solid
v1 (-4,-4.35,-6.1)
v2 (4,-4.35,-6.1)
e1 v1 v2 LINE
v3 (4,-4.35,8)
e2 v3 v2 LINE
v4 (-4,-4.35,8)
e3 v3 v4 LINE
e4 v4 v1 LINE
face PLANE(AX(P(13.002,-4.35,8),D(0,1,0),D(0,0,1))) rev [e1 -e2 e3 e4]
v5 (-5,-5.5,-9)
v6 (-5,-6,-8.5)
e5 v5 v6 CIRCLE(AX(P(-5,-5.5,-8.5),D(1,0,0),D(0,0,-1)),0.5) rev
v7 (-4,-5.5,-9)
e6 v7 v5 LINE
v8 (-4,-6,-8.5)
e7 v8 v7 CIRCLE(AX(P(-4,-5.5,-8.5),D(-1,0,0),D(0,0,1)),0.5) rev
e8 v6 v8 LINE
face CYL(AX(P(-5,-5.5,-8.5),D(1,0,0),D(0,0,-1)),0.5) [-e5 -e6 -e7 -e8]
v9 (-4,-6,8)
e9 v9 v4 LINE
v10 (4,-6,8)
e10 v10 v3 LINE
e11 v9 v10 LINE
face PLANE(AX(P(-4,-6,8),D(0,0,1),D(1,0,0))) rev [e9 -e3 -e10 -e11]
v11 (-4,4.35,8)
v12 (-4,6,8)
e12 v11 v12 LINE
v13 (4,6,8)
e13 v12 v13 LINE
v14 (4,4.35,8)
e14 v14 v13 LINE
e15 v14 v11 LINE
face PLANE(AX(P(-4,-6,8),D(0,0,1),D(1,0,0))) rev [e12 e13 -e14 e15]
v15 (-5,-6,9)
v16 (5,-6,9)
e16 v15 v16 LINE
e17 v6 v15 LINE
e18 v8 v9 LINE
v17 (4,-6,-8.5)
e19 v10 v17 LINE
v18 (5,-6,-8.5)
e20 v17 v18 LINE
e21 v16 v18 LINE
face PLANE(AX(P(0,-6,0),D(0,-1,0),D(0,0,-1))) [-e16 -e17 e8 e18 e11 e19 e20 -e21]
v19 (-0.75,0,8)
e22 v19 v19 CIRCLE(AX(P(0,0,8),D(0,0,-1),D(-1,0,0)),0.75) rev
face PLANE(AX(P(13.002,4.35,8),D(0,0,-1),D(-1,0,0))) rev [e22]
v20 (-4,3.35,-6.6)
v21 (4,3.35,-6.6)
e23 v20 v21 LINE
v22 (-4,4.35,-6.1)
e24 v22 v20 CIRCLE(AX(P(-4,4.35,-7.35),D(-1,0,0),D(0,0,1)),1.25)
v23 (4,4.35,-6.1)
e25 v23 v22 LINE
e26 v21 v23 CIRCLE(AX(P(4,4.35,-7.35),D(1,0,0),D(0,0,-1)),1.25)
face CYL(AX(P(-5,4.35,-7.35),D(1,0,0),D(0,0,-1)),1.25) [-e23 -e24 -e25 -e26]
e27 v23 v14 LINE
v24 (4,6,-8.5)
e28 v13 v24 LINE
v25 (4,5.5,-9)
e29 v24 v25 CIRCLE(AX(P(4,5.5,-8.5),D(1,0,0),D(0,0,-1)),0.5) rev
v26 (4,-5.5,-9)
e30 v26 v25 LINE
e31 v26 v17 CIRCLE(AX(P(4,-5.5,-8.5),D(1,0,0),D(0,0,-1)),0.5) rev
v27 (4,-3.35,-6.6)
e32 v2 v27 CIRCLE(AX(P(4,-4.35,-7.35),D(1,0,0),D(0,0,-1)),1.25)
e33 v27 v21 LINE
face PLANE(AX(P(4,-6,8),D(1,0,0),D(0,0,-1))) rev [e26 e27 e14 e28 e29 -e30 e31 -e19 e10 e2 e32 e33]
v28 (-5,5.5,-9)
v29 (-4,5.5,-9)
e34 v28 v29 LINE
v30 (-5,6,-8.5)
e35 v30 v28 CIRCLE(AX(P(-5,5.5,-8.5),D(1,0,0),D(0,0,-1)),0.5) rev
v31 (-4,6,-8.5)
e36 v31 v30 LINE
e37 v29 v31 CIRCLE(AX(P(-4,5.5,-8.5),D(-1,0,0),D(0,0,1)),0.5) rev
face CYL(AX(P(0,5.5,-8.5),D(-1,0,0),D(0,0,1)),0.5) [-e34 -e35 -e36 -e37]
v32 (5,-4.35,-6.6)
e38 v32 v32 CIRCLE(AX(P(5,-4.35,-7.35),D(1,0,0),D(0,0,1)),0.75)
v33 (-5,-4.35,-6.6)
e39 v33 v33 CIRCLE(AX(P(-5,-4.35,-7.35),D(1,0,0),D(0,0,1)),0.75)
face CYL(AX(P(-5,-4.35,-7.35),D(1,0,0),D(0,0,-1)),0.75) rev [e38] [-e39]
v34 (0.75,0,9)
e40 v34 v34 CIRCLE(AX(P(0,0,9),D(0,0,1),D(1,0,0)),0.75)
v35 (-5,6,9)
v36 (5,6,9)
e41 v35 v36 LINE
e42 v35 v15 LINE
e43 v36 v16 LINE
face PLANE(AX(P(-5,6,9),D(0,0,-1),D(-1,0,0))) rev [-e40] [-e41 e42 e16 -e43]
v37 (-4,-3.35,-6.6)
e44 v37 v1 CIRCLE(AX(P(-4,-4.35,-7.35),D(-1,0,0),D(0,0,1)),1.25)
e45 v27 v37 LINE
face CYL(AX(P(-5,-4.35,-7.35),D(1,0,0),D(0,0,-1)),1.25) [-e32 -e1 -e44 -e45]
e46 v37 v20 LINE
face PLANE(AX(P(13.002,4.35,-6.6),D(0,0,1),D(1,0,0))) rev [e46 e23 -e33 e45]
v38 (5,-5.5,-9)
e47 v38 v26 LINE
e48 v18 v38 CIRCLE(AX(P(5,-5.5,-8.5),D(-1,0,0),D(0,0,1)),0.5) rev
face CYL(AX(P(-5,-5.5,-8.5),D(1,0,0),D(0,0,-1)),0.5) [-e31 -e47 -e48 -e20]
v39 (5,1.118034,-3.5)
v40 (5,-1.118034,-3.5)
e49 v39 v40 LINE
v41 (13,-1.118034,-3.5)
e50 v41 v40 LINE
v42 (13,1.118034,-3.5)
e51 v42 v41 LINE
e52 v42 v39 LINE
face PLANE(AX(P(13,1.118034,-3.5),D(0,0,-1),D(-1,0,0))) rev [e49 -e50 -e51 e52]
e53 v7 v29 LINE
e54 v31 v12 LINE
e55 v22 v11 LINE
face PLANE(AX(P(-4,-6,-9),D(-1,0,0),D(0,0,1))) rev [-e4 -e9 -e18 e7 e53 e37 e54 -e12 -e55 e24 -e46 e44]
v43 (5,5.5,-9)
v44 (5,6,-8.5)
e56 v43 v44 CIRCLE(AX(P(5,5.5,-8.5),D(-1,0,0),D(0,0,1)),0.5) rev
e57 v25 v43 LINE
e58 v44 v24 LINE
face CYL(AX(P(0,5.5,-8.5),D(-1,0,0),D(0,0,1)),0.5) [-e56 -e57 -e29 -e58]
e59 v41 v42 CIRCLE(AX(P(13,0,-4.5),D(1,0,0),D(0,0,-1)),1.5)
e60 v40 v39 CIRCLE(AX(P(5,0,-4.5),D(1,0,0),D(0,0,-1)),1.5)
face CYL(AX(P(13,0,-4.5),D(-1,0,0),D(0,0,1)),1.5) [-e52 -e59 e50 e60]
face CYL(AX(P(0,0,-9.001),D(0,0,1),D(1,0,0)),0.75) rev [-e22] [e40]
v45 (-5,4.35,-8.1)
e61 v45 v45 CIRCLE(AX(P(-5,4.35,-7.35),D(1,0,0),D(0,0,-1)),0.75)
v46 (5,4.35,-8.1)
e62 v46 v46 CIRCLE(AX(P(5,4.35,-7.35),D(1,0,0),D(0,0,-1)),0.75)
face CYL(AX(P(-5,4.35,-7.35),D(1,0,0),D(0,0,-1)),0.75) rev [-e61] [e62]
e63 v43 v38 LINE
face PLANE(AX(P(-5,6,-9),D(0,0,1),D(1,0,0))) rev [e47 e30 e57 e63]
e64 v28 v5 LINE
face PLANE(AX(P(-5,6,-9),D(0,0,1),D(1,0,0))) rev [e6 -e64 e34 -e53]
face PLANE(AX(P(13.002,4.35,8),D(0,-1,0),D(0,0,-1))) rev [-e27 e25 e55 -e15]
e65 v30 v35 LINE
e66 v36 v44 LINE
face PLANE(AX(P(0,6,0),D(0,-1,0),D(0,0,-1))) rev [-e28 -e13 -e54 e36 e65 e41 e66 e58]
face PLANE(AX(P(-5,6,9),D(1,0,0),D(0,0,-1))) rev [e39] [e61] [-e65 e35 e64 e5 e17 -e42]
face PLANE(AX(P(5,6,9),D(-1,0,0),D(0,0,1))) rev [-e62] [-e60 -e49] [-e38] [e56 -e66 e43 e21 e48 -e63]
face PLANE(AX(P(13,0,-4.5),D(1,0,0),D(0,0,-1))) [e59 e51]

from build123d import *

# Parameters (mm, degrees)
ESBO_O1_W                = 10
ESBO_O1_H                = 18
RESSALTO_EXTRUS_O1_DEPTH = 6
RESSALTO_EXTRUS_O2_DEPTH = 8
FILETE1_R                = 0.5
ESBO_O3_W                = 8
ESBO_O3_H                = 17
CORTE_EXTRUS_O1_DEPTH    = 13
RESSALTO_EXTRUS_O3_REACH = 12
ESBO_O4_R                = 1.25
ESBO_O5_R                = 0.75
CORTE_EXTRUS_O2_DEPTH    = 11
CORTE_EXTRUS_O3_REACH    = 20
ESBO_O6_R                = 0.75
RESSALTO_EXTRUS_O6_REACH = 19
ESBO_O7_W                = 14.6
ESBO_O7_H                = 8.7


with BuildPart() as part:
    # Esboço1 → Ressalto-extrusão1 (new body, symmetric)
    with BuildSketch(Plane(origin=(0, 0, 0), x_dir=(1, 0, 0), z_dir=(0, 1, 0))):
        Rectangle(ESBO_O1_W, ESBO_O1_H)
    extrude(amount=RESSALTO_EXTRUS_O1_DEPTH, both=True)

    # Esboço2 → Ressalto-extrusão2 (add)
    with BuildSketch(Plane(origin=(5, 0, 0), x_dir=(0, 0, -1), z_dir=(1, 0, 0))):
        with BuildLine():
            Line((3.5, 1.118033989), (3.5, -1.118033989))
            ThreePointArc((3.5, -1.118033989), (6, 0), (3.5, 1.118033989))
        make_face()
    extrude(amount=RESSALTO_EXTRUS_O2_DEPTH)

    # Filete1
    filete1_edges = [part.edges().sort_by_distance(p)[0] for p in [
        (0, -6, -9),
        (0, 6, -9),
    ]]
    fillet(filete1_edges, radius=FILETE1_R)

    # Esboço3 → Corte-extrusão1 (cut, through all)
    with BuildSketch(Plane(origin=(0, 6, 0), x_dir=(1, 0, 0), z_dir=(0, 1, 0))):
        with Locations((0, 0.5)):
            Rectangle(ESBO_O3_W, ESBO_O3_H)
    extrude(amount=-CORTE_EXTRUS_O1_DEPTH, mode=Mode.SUBTRACT)

    # Esboço4 → Ressalto-extrusão3 (add, up to next)
    with BuildSketch(Plane(origin=(5, 0, 0), x_dir=(0, 0, -1), z_dir=(1, 0, 0)), mode=Mode.PRIVATE) as ressalto_extrus_o3_sk1:
        with Locations((7.35, 4.35)):
            Circle(ESBO_O4_R)
    ressalto_extrus_o3_tool1 = extrude(ressalto_extrus_o3_sk1.sketch, amount=-RESSALTO_EXTRUS_O3_REACH, mode=Mode.PRIVATE) - part.part
    add(ressalto_extrus_o3_tool1.solids().sort_by_distance((5, 4.35, -7.35))[0])
    # Esboço4 → Ressalto-extrusão3 (add, up to next)
    with BuildSketch(Plane(origin=(5, 0, 0), x_dir=(0, 0, -1), z_dir=(1, 0, 0)), mode=Mode.PRIVATE) as ressalto_extrus_o3_sk2:
        with Locations((7.35, -4.35)):
            Circle(ESBO_O4_R)
    ressalto_extrus_o3_tool2 = extrude(ressalto_extrus_o3_sk2.sketch, amount=-RESSALTO_EXTRUS_O3_REACH, mode=Mode.PRIVATE) - part.part
    add(ressalto_extrus_o3_tool2.solids().sort_by_distance((5, -4.35, -7.35))[0])

    # Esboço5 → Corte-extrusão2 (cut, through all)
    with BuildSketch(Plane(origin=(5, 0, 0), x_dir=(0, 0, -1), z_dir=(1, 0, 0))):
        with Locations((7.35, 4.35)):
            Circle(ESBO_O5_R)
        with Locations((7.35, -4.35)):
            Circle(ESBO_O5_R)
    extrude(amount=-CORTE_EXTRUS_O2_DEPTH, mode=Mode.SUBTRACT)

    # Esboço6 → Corte-extrusão3 (cut, up to next)
    with BuildSketch(Plane.XY.offset(9), mode=Mode.PRIVATE) as corte_extrus_o3_sk1:
        Circle(ESBO_O6_R)
    corte_extrus_o3_tool1 = extrude(corte_extrus_o3_sk1.sketch, amount=-CORTE_EXTRUS_O3_REACH, mode=Mode.PRIVATE) & part.part
    add(corte_extrus_o3_tool1.solids().sort_by_distance((0, 0, 9))[0], mode=Mode.SUBTRACT)

    # Esboço7 → Ressalto-extrusão6 (add, up to next)
    with BuildSketch(Plane(origin=(-4, 0, 0), x_dir=(0, 0, -1), z_dir=(1, 0, 0)), mode=Mode.PRIVATE) as ressalto_extrus_o6_sk1:
        with Locations((-0.7, 0)):
            Rectangle(ESBO_O7_W, ESBO_O7_H)
    ressalto_extrus_o6_tool1 = extrude(ressalto_extrus_o6_sk1.sketch, amount=RESSALTO_EXTRUS_O6_REACH, mode=Mode.PRIVATE) - part.part
    add(ressalto_extrus_o6_tool1.solids().sort_by_distance((-4, 0, 0.7))[0])


solid = part.part
